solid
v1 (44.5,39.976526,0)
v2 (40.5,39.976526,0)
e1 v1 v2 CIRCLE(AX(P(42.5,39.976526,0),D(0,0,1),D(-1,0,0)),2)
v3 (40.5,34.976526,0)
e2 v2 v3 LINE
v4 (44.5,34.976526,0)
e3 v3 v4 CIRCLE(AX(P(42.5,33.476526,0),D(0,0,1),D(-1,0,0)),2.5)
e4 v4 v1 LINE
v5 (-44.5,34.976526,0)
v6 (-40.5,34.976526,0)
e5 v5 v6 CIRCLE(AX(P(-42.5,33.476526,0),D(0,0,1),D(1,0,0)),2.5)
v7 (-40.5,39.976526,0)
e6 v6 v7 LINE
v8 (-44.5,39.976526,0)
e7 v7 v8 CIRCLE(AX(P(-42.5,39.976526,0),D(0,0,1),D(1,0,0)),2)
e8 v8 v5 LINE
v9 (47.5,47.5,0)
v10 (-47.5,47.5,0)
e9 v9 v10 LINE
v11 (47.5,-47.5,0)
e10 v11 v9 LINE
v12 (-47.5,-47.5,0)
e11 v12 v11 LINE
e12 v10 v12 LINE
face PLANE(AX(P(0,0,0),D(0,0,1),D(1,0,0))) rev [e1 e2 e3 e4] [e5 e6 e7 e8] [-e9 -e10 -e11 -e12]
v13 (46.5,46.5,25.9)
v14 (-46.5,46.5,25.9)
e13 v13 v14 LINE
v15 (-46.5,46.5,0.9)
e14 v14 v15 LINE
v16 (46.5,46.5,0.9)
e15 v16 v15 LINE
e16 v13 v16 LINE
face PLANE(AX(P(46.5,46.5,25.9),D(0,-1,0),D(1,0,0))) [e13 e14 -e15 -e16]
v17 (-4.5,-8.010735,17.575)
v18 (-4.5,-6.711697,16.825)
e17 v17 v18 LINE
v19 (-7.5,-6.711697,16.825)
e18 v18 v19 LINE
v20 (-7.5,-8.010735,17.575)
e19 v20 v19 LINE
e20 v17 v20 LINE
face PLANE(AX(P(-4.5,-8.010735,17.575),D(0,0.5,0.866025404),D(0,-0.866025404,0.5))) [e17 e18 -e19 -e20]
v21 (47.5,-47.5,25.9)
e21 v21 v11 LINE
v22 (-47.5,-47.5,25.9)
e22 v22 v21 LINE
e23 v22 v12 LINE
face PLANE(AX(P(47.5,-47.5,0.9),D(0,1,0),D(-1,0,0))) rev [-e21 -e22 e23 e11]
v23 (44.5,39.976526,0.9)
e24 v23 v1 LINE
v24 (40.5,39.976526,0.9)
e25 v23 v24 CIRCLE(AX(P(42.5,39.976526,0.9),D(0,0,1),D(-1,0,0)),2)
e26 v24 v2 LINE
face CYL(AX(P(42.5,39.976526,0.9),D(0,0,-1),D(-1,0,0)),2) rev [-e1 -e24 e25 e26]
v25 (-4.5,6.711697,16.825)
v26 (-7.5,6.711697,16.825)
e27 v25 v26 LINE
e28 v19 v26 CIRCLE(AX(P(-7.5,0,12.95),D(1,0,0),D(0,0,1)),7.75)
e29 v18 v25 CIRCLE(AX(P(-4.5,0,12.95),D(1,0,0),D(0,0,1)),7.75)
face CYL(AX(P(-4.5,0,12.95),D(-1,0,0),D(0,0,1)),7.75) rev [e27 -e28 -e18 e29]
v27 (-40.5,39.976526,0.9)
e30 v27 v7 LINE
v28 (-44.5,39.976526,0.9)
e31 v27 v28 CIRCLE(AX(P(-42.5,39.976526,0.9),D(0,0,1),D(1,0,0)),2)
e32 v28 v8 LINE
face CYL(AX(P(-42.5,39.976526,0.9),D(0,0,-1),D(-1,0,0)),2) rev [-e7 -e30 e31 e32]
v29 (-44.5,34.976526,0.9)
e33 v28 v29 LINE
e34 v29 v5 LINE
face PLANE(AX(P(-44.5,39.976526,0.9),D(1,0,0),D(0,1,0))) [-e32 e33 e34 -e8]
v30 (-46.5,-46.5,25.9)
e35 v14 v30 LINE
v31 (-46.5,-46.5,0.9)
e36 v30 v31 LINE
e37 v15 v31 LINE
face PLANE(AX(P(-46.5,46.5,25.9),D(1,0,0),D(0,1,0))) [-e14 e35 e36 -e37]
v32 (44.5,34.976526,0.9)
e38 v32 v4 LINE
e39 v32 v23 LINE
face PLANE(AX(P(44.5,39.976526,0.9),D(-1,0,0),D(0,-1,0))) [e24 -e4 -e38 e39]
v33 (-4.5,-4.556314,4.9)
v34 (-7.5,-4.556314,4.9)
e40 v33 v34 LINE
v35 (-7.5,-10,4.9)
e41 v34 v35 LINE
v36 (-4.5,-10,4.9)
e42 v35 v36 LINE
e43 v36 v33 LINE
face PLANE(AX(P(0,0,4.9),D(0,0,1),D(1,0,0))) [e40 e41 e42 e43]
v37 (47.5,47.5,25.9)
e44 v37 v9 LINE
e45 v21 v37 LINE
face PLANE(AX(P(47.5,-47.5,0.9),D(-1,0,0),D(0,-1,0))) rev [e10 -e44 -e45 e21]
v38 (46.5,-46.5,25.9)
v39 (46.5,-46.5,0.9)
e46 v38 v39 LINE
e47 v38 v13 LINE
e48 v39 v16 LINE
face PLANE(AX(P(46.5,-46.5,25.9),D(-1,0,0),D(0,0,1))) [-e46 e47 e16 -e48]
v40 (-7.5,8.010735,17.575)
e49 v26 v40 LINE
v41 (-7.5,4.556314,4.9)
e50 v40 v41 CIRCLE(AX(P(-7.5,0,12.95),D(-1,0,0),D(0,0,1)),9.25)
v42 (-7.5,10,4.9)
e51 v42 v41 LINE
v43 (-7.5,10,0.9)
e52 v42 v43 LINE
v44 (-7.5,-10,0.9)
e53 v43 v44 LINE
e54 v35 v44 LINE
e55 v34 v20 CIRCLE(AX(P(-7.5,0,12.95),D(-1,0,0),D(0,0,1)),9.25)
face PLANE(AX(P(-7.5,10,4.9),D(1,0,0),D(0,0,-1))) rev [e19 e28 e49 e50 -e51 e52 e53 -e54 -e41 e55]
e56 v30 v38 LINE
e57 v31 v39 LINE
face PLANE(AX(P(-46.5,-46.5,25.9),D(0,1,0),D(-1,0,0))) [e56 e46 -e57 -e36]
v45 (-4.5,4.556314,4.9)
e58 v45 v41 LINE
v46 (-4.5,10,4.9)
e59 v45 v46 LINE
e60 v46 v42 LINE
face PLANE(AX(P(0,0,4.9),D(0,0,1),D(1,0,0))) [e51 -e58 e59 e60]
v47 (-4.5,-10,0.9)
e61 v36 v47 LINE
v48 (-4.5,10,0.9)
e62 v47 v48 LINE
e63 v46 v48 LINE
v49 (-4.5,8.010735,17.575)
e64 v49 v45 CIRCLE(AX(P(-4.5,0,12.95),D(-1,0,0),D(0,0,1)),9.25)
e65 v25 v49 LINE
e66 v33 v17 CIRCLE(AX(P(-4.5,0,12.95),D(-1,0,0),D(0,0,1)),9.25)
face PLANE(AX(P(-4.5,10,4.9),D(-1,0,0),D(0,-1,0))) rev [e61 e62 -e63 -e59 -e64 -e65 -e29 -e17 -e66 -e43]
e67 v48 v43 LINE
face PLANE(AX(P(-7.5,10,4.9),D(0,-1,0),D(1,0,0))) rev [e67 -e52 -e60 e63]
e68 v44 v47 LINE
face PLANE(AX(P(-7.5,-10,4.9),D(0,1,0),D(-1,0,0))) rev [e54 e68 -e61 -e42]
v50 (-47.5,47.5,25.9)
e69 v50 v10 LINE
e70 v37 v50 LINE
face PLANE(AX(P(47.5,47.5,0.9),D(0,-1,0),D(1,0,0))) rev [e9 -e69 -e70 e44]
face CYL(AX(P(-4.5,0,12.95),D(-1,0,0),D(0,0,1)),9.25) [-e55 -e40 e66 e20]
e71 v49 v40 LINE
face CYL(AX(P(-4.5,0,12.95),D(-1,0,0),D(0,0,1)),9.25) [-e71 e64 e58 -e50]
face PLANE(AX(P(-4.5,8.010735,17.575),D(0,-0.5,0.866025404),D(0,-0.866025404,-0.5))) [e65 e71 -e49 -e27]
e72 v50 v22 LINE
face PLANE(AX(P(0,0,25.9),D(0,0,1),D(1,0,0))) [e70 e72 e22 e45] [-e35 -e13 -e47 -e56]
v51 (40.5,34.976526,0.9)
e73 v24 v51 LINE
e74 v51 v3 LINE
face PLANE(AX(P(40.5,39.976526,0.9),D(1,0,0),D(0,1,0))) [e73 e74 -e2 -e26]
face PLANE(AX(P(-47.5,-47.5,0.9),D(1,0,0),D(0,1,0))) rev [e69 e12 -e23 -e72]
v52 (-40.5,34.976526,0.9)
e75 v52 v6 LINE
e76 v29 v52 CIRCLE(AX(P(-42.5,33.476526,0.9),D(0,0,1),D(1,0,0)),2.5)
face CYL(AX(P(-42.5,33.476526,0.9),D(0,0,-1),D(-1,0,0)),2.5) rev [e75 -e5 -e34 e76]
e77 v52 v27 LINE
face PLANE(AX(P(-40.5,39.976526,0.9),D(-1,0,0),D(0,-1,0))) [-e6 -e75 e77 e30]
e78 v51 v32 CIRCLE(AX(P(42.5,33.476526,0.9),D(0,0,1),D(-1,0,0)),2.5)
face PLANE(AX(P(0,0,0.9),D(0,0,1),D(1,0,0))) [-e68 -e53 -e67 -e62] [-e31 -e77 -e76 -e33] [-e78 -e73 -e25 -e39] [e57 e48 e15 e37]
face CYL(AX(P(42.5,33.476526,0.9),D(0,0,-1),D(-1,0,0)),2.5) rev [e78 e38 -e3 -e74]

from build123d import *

# Parameters (mm, degrees)
CROQUIS1_W              = 95
CROQUIS1_H              = 95
SALIENTE_EXTRUIR1_DEPTH = 0.9
CROQUIS2_W              = 95
CROQUIS2_H              = 95
CROQUIS2_W_2            = 93
CROQUIS2_H_2            = 93
SALIENTE_EXTRUIR2_DEPTH = 25
CROQUIS3_W              = 3
CROQUIS3_H              = 20
SALIENTE_EXTRUIR3_DEPTH = 4
SALIENTE_EXTRUIR4_START = -3
SALIENTE_EXTRUIR4_DEPTH = 3


with BuildPart() as part:
    # Croquis1 → Saliente-Extruir1 (new body)
    with BuildSketch(Plane.XY):
        Rectangle(CROQUIS1_W, CROQUIS1_H)
        with BuildLine():
            Line((-44.5, 39.976525822), (-44.5, 34.976525822))
            ThreePointArc((-44.5, 34.976525822), (-42.5, 30.976525822), (-40.5, 34.976525822))
            Line((-40.5, 34.976525822), (-40.5, 39.976525822))
            ThreePointArc((-40.5, 39.976525822), (-42.5, 41.976525822), (-44.5, 39.976525822))
        make_face(mode=Mode.SUBTRACT)
        with BuildLine():
            Line((40.5, 39.976525822), (40.5, 34.976525822))
            ThreePointArc((40.5, 34.976525822), (42.5, 30.976525822), (44.5, 34.976525822))
            Line((44.5, 34.976525822), (44.5, 39.976525822))
            ThreePointArc((44.5, 39.976525822), (42.5, 41.976525822), (40.5, 39.976525822))
        make_face(mode=Mode.SUBTRACT)
    extrude(amount=SALIENTE_EXTRUIR1_DEPTH)

    # Croquis2 → Saliente-Extruir2 (add)
    with BuildSketch(Plane.XY.offset(0.9)):
        Rectangle(CROQUIS2_W, CROQUIS2_H)
        Rectangle(CROQUIS2_W_2, CROQUIS2_H_2, mode=Mode.SUBTRACT)
    extrude(amount=SALIENTE_EXTRUIR2_DEPTH)

    # Croquis3 → Saliente-Extruir3 (add)
    with BuildSketch(Plane.XY.offset(0.9)):
        with Locations((-6, 0)):
            Rectangle(CROQUIS3_W, CROQUIS3_H)
    extrude(amount=SALIENTE_EXTRUIR3_DEPTH)

    # Croquis4 → Saliente-Extruir4 (add)
    with BuildSketch(Plane.ZY.offset(7.5).offset(SALIENTE_EXTRUIR4_START)):
        with BuildLine():
            Line((17.575, 8.010734985), (16.825, 6.711696879))
            ThreePointArc((16.825, 6.711696879), (5.2, 0), (16.825, -6.711696879))
            Line((16.825, -6.711696879), (17.575, -8.010734985))
            ThreePointArc((17.575, -8.010734985), (10.517735249, -8.924493721), (4.9, -4.5563143))
            Line((4.9, -4.5563143), (4.9, 4.5563143))
            ThreePointArc((4.9, 4.5563143), (10.517735249, 8.924493721), (17.575, 8.010734985))
        make_face()
    extrude(amount=SALIENTE_EXTRUIR4_DEPTH)


solid = part.part
